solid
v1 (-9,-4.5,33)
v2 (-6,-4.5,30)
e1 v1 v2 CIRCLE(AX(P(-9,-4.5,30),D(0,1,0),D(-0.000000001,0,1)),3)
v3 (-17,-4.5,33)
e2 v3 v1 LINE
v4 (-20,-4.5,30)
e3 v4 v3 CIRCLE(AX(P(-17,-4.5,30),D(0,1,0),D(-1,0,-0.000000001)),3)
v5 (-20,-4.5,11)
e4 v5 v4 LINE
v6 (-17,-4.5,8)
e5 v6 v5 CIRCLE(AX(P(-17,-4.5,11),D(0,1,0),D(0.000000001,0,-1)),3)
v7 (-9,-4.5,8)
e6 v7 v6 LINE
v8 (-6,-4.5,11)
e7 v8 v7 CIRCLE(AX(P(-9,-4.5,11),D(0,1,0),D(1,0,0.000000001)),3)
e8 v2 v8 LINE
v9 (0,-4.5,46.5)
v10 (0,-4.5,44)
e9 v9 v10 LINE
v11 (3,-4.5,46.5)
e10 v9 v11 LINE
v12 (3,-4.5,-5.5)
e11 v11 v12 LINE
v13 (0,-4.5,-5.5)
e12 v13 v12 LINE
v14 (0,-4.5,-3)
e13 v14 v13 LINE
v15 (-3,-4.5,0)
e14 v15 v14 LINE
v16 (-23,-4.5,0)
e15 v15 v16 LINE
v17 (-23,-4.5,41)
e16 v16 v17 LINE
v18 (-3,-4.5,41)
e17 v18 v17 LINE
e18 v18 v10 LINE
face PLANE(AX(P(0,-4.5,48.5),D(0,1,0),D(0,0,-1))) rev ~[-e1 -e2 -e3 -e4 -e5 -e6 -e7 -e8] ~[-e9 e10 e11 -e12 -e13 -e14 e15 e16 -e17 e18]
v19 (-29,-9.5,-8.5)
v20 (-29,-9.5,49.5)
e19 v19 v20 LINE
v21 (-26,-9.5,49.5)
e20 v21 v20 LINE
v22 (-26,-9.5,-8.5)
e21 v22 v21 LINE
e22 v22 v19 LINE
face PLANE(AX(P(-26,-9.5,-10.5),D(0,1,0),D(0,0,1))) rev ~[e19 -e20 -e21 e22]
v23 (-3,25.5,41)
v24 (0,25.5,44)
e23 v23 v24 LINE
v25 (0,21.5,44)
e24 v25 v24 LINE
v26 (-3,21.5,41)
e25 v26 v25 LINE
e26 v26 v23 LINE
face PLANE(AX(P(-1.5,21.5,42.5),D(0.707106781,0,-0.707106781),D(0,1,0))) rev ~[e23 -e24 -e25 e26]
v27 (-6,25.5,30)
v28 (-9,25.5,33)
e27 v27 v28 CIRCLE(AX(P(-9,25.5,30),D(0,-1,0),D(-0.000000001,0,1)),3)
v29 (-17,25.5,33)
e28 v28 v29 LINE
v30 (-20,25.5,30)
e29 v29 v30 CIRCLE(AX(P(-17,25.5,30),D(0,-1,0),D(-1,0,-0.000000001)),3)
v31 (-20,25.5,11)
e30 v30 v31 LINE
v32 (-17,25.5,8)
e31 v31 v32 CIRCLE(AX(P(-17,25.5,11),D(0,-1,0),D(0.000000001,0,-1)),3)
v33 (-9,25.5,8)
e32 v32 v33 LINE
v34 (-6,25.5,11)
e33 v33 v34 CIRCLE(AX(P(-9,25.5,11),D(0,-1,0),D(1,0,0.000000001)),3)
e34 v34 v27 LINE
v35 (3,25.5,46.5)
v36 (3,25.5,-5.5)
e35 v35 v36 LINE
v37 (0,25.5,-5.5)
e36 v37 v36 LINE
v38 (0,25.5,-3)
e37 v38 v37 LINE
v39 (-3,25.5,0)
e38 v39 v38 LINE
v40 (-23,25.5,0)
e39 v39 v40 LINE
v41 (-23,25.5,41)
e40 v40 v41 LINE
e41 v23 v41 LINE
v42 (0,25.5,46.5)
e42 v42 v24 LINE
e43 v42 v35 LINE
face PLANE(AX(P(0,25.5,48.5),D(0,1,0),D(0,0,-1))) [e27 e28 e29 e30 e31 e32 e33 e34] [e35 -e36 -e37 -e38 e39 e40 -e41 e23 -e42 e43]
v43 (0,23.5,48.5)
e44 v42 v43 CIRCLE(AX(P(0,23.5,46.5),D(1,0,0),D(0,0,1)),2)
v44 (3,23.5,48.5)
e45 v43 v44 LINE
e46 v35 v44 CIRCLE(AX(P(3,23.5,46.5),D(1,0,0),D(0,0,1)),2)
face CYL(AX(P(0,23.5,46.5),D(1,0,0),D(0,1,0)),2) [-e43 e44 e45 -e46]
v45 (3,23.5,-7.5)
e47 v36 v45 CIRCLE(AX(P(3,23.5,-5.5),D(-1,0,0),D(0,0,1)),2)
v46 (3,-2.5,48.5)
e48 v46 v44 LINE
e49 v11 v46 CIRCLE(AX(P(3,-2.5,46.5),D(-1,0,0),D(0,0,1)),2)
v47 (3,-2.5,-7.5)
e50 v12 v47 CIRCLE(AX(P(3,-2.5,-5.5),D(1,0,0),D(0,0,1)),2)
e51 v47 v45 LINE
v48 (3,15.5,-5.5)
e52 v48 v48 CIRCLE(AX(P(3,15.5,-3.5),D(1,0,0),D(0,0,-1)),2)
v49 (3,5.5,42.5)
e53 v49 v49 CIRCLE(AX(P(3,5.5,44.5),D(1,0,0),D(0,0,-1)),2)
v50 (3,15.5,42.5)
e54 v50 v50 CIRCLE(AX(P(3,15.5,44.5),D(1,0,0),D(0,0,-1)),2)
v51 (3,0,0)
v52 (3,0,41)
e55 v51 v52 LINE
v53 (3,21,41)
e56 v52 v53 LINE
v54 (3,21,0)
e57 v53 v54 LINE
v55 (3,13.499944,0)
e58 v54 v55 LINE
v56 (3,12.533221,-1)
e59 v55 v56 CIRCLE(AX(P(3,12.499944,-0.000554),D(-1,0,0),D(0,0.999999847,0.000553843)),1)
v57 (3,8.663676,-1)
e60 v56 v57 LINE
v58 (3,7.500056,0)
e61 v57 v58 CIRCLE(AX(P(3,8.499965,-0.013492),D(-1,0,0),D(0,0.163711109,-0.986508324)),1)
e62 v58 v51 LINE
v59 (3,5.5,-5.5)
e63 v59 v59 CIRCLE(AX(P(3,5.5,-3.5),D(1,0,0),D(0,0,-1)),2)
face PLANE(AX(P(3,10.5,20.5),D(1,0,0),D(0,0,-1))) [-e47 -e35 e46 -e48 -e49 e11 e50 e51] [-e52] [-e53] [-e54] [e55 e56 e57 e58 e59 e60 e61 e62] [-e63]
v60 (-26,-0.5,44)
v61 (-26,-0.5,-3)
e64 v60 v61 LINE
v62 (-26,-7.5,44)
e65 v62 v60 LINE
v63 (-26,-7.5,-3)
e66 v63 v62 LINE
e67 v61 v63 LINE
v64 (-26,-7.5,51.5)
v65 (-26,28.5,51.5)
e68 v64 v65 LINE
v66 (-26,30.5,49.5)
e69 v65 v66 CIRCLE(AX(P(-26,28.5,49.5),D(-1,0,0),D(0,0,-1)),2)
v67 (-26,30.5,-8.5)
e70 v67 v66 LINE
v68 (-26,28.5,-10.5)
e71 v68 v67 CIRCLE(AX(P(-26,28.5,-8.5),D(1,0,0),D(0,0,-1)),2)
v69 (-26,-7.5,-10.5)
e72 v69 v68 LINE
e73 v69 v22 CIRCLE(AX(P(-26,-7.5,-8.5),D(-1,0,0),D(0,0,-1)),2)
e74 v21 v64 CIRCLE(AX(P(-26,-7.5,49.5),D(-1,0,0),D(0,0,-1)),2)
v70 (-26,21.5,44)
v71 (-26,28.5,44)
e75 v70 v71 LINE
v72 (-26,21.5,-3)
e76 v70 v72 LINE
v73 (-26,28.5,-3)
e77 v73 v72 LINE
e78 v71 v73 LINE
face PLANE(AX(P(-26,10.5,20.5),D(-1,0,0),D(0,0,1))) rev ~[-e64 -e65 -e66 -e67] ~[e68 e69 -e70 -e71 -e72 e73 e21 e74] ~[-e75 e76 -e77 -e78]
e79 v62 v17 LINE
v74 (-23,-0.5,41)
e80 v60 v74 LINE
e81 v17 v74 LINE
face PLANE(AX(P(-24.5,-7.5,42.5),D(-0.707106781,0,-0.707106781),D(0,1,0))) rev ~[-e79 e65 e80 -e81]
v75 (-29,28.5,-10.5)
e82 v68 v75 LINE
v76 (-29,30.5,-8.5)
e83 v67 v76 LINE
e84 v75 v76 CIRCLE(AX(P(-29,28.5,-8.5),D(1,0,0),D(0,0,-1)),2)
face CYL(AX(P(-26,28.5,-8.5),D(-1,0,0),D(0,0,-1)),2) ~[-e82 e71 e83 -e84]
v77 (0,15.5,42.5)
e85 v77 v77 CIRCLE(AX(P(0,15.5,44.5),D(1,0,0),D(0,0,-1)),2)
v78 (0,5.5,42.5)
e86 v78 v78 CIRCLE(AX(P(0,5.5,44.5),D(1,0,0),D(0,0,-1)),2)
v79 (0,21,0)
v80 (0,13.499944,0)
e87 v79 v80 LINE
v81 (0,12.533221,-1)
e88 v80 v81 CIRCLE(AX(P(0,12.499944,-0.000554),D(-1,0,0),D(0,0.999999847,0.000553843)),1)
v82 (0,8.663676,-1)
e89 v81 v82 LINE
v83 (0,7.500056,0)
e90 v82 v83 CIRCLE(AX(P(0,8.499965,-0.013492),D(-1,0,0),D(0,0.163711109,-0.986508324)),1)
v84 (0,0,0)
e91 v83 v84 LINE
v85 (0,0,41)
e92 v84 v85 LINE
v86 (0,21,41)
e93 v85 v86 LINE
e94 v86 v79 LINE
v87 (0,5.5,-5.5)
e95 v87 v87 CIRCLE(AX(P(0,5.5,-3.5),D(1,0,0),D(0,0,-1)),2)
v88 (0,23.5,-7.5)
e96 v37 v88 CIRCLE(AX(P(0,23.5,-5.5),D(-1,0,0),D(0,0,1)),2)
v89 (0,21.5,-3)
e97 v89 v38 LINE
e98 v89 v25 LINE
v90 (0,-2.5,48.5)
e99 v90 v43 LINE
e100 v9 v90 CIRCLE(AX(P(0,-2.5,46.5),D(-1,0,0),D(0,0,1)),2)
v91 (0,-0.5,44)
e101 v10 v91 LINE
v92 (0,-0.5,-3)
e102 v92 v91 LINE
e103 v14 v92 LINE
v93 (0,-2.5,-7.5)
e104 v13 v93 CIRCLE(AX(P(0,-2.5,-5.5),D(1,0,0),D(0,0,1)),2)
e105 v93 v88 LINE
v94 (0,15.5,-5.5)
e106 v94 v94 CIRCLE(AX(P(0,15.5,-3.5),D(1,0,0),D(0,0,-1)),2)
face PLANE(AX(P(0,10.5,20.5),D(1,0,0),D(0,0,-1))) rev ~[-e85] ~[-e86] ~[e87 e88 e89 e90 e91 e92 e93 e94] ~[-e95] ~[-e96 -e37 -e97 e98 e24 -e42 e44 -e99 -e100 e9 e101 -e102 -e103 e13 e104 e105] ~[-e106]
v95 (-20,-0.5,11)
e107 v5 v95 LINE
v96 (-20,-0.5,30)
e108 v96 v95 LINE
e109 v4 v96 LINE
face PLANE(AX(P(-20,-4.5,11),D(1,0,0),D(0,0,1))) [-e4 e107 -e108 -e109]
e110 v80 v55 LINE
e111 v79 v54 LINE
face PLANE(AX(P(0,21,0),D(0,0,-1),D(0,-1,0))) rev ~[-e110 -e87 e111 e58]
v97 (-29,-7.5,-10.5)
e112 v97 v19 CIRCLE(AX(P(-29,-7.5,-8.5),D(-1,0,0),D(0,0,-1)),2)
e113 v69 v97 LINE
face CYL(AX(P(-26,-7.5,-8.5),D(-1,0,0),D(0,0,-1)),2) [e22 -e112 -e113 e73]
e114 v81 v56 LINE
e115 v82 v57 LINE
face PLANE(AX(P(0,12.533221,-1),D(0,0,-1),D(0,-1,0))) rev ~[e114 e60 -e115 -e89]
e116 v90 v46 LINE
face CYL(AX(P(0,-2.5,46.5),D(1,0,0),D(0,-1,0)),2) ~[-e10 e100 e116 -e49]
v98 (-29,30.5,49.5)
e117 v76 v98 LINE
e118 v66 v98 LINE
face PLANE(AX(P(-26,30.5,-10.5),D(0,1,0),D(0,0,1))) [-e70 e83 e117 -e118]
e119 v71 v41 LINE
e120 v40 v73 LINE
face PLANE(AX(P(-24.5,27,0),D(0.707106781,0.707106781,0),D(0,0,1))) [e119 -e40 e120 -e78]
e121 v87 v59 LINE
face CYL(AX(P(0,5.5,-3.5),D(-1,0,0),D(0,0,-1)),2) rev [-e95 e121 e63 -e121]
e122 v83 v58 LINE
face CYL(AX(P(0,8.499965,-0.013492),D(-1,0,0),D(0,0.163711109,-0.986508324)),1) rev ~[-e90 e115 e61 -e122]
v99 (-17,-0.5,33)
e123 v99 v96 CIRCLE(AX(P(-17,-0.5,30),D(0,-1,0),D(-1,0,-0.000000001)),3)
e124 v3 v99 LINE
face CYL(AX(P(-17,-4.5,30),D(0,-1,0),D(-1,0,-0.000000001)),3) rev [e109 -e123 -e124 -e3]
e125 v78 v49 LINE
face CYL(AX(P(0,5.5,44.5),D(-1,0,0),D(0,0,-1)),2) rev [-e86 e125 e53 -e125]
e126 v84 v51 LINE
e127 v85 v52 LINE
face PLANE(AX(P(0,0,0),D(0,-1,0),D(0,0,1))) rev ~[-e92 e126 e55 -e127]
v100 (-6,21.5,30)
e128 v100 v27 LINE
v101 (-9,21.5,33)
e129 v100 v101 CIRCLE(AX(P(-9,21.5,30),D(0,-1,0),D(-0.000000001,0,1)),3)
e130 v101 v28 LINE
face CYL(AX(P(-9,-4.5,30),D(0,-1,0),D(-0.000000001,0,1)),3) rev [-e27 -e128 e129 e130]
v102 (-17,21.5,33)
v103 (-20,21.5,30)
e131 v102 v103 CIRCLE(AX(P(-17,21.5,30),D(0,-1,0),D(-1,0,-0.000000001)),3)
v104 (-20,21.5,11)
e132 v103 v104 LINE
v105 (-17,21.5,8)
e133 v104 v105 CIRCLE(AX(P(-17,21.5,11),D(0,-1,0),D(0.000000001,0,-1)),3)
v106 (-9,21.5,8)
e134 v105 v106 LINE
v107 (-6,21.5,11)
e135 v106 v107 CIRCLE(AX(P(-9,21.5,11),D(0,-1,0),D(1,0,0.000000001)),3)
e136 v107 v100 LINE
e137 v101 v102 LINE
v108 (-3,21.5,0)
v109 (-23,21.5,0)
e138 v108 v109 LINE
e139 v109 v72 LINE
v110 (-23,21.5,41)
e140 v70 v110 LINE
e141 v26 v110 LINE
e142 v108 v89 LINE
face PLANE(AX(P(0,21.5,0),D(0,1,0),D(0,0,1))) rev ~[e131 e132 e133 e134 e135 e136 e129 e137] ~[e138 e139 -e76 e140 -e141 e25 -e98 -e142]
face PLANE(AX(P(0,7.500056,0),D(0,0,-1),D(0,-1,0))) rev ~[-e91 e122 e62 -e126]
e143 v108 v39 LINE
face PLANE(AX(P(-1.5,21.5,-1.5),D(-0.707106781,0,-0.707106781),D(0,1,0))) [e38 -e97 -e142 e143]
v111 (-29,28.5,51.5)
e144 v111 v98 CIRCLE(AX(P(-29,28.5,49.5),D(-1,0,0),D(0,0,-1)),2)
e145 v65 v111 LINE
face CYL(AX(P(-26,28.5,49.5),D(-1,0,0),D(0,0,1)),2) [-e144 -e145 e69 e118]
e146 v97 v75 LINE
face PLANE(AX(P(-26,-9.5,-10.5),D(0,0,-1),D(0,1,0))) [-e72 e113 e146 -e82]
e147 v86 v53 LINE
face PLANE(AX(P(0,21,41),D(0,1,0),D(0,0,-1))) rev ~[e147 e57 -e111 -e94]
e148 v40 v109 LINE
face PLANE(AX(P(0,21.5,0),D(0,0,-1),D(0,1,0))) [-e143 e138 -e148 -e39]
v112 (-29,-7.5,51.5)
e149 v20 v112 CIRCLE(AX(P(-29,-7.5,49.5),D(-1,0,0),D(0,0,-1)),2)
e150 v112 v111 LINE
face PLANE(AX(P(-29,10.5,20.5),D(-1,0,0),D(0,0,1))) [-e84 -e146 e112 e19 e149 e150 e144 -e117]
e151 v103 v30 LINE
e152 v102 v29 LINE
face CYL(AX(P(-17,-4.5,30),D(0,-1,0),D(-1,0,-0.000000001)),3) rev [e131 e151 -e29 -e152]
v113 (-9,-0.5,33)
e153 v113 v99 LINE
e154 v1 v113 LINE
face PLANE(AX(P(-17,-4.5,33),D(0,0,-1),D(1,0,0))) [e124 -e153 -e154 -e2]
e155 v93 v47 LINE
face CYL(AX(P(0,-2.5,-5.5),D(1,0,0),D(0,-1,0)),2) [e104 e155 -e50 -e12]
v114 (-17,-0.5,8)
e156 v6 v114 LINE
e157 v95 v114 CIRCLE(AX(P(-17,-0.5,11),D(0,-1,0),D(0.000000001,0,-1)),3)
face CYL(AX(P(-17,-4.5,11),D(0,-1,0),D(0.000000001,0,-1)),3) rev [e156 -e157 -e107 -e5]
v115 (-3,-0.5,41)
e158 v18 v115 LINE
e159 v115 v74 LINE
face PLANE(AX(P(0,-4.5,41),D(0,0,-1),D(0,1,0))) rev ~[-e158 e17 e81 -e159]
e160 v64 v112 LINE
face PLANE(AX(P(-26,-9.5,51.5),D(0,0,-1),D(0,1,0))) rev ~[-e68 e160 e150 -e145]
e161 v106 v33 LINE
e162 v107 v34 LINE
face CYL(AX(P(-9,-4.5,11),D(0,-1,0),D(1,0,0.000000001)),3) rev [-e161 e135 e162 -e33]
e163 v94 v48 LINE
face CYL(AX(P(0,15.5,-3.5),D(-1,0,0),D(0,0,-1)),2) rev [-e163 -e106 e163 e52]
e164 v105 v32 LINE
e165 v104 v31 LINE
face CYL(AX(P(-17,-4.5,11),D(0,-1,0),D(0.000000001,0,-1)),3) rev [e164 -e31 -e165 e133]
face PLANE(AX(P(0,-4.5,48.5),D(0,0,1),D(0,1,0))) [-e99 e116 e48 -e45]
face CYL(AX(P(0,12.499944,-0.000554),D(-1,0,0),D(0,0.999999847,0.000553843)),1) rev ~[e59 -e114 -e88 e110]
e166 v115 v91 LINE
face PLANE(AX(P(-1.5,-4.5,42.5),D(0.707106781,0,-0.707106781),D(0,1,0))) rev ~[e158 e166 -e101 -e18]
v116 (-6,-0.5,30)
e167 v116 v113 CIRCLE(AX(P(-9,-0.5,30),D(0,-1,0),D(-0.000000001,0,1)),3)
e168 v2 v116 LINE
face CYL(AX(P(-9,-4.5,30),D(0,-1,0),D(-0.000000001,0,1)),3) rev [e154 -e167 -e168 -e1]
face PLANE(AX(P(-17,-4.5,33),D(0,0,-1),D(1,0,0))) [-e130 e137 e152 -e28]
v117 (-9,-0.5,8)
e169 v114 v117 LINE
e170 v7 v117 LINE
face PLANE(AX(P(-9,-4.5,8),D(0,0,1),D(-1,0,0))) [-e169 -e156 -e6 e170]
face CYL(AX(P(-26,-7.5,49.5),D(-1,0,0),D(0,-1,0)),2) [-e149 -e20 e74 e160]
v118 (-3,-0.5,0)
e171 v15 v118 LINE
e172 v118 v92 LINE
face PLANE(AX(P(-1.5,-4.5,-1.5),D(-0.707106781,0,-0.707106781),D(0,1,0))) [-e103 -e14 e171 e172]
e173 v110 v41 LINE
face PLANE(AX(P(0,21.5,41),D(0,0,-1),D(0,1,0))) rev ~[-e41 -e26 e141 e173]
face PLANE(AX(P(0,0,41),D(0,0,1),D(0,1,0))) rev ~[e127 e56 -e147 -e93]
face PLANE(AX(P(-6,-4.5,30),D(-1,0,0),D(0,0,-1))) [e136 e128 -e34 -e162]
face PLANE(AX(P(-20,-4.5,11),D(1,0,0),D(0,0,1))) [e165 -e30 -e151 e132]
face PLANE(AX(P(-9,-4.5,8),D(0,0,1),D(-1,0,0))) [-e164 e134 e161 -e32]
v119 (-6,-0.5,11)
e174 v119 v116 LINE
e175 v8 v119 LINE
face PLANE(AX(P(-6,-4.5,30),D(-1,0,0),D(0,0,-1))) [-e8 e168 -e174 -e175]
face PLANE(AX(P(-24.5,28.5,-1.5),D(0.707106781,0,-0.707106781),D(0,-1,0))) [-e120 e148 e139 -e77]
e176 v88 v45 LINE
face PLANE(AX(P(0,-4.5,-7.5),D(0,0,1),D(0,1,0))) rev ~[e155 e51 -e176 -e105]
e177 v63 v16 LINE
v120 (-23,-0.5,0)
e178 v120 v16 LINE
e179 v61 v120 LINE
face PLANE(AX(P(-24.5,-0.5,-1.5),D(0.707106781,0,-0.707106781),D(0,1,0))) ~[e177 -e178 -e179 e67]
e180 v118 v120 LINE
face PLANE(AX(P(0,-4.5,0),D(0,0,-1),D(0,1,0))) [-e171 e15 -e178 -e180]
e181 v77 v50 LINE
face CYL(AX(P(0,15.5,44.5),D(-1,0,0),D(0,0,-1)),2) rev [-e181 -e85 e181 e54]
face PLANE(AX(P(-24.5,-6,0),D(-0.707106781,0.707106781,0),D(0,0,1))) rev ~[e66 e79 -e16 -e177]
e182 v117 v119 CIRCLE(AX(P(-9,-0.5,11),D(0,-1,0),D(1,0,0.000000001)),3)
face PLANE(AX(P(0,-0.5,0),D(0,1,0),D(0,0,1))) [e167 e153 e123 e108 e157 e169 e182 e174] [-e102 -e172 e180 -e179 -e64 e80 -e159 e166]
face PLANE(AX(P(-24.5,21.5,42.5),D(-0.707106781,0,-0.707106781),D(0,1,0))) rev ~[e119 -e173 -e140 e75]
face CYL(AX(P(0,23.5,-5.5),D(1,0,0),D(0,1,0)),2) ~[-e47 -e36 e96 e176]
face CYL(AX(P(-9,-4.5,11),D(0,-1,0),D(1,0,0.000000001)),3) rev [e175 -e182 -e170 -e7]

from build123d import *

# Parameters (mm, degrees)
SKETCH_1_W          = 56
SKETCH_1_H          = 30
SKETCH_1_R          = 2
EXTRUDE_1_DEPTH     = 3
SKETCH_2_W          = 41
SKETCH_2_H          = 4
EXTRUDE_2_DEPTH     = 26
SKETCH_3_W          = 62
SKETCH_3_H          = 40
EXTRUDE_3_DEPTH     = 3
CHAMFER_2_SIZE      = 3
CUT_EXTRUDE_1_DEPTH = 36
FILLET_1_R          = 2
CHAMFER_3_SIZE      = 3
CHAMFER_4_SIZE      = 3


with BuildPart() as part:
    # Эскиз1 → Бобышка-Вытянуть1 (new body)
    with BuildSketch(Plane(origin=(0, 0, 0), x_dir=(0, 0, -1), z_dir=(1, 0, 0))):
        with Locations((-20.5, 10.5)):
            Rectangle(SKETCH_1_W, SKETCH_1_H)
        with Locations((3.5, 15.5)):
            Circle(SKETCH_1_R, mode=Mode.SUBTRACT)
        with Locations((3.5, 5.5)):
            Circle(SKETCH_1_R, mode=Mode.SUBTRACT)
        with Locations((-44.5, 5.5)):
            Circle(SKETCH_1_R, mode=Mode.SUBTRACT)
        with Locations((-44.5, 15.5)):
            Circle(SKETCH_1_R, mode=Mode.SUBTRACT)
        with BuildLine():
            Line((0, 0), (-41, 0))
            Line((-41, 0), (-41, 21))
            Line((-41, 21), (0, 21))
            Line((0, 21), (0, 13.499943953))
            ThreePointArc((0, 13.499943953), (0.695596702, 13.218912412), (1, 12.533221423))
            Line((1, 12.533221423), (1, 8.663676138))
            ThreePointArc((1, 8.663676138), (0.771906654, 7.848193044), (0, 7.500056047))
            Line((0, 7.500056047), (0, 0))
        make_face(mode=Mode.SUBTRACT)
    extrude(amount=EXTRUDE_1_DEPTH)

    # Эскиз2 → Бобышка-Вытянуть2 (add)
    with BuildSketch(Plane.ZY):
        with Locations((20.5, 23.5)):
            Rectangle(SKETCH_2_W, SKETCH_2_H)
        with Locations((20.5, -2.5)):
            Rectangle(SKETCH_2_W, SKETCH_2_H)
    extrude(amount=EXTRUDE_2_DEPTH)

    # Эскиз3 → Бобышка-Вытянуть3 (add)
    with BuildSketch(Plane.ZY.offset(26)):
        with Locations((20.5, 10.5)):
            Rectangle(SKETCH_3_W, SKETCH_3_H)
    extrude(amount=EXTRUDE_3_DEPTH)

    # Фаска2
    chamfer_2_edges = [part.edges().sort_by_distance(p)[0] for p in [
        (-26, 25.5, 20.5),
        (-26, -4.5, 20.5),
    ]]
    chamfer(chamfer_2_edges, length=CHAMFER_2_SIZE)

    # Эскиз4 → Вырез-Вытянуть1 (cut, through all)
    with BuildSketch(Plane.XZ.offset(4.5)):
        with BuildLine():
            Line((-17, 33), (-9, 33))
            ThreePointArc((-9, 33), (-6.878679656, 32.121320344), (-6, 30))
            Line((-6, 30), (-6, 11))
            ThreePointArc((-6, 11), (-6.878679656, 8.878679656), (-9, 8))
            Line((-9, 8), (-17, 8))
            ThreePointArc((-17, 8), (-19.121320344, 8.878679656), (-20, 11))
            Line((-20, 11), (-20, 30))
            ThreePointArc((-20, 30), (-19.121320344, 32.121320344), (-17, 33))
        make_face()
    extrude(amount=-CUT_EXTRUDE_1_DEPTH, mode=Mode.SUBTRACT)

    # Скругление1
    fillet_1_edges = [part.edges().sort_by_distance(p)[0] for p in [
        (1.5, -4.5, -7.5),
        (1.5, -4.5, 48.5),
        (1.5, 25.5, 48.5),
        (1.5, 25.5, -7.5),
        (-27.5, 30.5, -10.5),
        (-27.5, -9.5, -10.5),
        (-27.5, -9.5, 51.5),
        (-27.5, 30.5, 51.5),
    ]]
    fillet(fillet_1_edges, radius=FILLET_1_R)

    # Фаска3
    chamfer_3_edges = [part.edges().sort_by_distance(p)[0] for p in [
        (0, 23.5, 0),
        (0, 23.5, 41),
        (0, -2.5, 0),
        (0, -2.5, 41),
    ]]
    chamfer(chamfer_3_edges, length=CHAMFER_3_SIZE)

    # Фаска4
    chamfer_4_edges = [part.edges().sort_by_distance(p)[0] for p in [
        (-26, 25, 0),
        (-26, -4, 0),
        (-26, 25, 41),
        (-26, -4, 41),
    ]]
    chamfer(chamfer_4_edges, length=CHAMFER_4_SIZE)


solid = part.part
